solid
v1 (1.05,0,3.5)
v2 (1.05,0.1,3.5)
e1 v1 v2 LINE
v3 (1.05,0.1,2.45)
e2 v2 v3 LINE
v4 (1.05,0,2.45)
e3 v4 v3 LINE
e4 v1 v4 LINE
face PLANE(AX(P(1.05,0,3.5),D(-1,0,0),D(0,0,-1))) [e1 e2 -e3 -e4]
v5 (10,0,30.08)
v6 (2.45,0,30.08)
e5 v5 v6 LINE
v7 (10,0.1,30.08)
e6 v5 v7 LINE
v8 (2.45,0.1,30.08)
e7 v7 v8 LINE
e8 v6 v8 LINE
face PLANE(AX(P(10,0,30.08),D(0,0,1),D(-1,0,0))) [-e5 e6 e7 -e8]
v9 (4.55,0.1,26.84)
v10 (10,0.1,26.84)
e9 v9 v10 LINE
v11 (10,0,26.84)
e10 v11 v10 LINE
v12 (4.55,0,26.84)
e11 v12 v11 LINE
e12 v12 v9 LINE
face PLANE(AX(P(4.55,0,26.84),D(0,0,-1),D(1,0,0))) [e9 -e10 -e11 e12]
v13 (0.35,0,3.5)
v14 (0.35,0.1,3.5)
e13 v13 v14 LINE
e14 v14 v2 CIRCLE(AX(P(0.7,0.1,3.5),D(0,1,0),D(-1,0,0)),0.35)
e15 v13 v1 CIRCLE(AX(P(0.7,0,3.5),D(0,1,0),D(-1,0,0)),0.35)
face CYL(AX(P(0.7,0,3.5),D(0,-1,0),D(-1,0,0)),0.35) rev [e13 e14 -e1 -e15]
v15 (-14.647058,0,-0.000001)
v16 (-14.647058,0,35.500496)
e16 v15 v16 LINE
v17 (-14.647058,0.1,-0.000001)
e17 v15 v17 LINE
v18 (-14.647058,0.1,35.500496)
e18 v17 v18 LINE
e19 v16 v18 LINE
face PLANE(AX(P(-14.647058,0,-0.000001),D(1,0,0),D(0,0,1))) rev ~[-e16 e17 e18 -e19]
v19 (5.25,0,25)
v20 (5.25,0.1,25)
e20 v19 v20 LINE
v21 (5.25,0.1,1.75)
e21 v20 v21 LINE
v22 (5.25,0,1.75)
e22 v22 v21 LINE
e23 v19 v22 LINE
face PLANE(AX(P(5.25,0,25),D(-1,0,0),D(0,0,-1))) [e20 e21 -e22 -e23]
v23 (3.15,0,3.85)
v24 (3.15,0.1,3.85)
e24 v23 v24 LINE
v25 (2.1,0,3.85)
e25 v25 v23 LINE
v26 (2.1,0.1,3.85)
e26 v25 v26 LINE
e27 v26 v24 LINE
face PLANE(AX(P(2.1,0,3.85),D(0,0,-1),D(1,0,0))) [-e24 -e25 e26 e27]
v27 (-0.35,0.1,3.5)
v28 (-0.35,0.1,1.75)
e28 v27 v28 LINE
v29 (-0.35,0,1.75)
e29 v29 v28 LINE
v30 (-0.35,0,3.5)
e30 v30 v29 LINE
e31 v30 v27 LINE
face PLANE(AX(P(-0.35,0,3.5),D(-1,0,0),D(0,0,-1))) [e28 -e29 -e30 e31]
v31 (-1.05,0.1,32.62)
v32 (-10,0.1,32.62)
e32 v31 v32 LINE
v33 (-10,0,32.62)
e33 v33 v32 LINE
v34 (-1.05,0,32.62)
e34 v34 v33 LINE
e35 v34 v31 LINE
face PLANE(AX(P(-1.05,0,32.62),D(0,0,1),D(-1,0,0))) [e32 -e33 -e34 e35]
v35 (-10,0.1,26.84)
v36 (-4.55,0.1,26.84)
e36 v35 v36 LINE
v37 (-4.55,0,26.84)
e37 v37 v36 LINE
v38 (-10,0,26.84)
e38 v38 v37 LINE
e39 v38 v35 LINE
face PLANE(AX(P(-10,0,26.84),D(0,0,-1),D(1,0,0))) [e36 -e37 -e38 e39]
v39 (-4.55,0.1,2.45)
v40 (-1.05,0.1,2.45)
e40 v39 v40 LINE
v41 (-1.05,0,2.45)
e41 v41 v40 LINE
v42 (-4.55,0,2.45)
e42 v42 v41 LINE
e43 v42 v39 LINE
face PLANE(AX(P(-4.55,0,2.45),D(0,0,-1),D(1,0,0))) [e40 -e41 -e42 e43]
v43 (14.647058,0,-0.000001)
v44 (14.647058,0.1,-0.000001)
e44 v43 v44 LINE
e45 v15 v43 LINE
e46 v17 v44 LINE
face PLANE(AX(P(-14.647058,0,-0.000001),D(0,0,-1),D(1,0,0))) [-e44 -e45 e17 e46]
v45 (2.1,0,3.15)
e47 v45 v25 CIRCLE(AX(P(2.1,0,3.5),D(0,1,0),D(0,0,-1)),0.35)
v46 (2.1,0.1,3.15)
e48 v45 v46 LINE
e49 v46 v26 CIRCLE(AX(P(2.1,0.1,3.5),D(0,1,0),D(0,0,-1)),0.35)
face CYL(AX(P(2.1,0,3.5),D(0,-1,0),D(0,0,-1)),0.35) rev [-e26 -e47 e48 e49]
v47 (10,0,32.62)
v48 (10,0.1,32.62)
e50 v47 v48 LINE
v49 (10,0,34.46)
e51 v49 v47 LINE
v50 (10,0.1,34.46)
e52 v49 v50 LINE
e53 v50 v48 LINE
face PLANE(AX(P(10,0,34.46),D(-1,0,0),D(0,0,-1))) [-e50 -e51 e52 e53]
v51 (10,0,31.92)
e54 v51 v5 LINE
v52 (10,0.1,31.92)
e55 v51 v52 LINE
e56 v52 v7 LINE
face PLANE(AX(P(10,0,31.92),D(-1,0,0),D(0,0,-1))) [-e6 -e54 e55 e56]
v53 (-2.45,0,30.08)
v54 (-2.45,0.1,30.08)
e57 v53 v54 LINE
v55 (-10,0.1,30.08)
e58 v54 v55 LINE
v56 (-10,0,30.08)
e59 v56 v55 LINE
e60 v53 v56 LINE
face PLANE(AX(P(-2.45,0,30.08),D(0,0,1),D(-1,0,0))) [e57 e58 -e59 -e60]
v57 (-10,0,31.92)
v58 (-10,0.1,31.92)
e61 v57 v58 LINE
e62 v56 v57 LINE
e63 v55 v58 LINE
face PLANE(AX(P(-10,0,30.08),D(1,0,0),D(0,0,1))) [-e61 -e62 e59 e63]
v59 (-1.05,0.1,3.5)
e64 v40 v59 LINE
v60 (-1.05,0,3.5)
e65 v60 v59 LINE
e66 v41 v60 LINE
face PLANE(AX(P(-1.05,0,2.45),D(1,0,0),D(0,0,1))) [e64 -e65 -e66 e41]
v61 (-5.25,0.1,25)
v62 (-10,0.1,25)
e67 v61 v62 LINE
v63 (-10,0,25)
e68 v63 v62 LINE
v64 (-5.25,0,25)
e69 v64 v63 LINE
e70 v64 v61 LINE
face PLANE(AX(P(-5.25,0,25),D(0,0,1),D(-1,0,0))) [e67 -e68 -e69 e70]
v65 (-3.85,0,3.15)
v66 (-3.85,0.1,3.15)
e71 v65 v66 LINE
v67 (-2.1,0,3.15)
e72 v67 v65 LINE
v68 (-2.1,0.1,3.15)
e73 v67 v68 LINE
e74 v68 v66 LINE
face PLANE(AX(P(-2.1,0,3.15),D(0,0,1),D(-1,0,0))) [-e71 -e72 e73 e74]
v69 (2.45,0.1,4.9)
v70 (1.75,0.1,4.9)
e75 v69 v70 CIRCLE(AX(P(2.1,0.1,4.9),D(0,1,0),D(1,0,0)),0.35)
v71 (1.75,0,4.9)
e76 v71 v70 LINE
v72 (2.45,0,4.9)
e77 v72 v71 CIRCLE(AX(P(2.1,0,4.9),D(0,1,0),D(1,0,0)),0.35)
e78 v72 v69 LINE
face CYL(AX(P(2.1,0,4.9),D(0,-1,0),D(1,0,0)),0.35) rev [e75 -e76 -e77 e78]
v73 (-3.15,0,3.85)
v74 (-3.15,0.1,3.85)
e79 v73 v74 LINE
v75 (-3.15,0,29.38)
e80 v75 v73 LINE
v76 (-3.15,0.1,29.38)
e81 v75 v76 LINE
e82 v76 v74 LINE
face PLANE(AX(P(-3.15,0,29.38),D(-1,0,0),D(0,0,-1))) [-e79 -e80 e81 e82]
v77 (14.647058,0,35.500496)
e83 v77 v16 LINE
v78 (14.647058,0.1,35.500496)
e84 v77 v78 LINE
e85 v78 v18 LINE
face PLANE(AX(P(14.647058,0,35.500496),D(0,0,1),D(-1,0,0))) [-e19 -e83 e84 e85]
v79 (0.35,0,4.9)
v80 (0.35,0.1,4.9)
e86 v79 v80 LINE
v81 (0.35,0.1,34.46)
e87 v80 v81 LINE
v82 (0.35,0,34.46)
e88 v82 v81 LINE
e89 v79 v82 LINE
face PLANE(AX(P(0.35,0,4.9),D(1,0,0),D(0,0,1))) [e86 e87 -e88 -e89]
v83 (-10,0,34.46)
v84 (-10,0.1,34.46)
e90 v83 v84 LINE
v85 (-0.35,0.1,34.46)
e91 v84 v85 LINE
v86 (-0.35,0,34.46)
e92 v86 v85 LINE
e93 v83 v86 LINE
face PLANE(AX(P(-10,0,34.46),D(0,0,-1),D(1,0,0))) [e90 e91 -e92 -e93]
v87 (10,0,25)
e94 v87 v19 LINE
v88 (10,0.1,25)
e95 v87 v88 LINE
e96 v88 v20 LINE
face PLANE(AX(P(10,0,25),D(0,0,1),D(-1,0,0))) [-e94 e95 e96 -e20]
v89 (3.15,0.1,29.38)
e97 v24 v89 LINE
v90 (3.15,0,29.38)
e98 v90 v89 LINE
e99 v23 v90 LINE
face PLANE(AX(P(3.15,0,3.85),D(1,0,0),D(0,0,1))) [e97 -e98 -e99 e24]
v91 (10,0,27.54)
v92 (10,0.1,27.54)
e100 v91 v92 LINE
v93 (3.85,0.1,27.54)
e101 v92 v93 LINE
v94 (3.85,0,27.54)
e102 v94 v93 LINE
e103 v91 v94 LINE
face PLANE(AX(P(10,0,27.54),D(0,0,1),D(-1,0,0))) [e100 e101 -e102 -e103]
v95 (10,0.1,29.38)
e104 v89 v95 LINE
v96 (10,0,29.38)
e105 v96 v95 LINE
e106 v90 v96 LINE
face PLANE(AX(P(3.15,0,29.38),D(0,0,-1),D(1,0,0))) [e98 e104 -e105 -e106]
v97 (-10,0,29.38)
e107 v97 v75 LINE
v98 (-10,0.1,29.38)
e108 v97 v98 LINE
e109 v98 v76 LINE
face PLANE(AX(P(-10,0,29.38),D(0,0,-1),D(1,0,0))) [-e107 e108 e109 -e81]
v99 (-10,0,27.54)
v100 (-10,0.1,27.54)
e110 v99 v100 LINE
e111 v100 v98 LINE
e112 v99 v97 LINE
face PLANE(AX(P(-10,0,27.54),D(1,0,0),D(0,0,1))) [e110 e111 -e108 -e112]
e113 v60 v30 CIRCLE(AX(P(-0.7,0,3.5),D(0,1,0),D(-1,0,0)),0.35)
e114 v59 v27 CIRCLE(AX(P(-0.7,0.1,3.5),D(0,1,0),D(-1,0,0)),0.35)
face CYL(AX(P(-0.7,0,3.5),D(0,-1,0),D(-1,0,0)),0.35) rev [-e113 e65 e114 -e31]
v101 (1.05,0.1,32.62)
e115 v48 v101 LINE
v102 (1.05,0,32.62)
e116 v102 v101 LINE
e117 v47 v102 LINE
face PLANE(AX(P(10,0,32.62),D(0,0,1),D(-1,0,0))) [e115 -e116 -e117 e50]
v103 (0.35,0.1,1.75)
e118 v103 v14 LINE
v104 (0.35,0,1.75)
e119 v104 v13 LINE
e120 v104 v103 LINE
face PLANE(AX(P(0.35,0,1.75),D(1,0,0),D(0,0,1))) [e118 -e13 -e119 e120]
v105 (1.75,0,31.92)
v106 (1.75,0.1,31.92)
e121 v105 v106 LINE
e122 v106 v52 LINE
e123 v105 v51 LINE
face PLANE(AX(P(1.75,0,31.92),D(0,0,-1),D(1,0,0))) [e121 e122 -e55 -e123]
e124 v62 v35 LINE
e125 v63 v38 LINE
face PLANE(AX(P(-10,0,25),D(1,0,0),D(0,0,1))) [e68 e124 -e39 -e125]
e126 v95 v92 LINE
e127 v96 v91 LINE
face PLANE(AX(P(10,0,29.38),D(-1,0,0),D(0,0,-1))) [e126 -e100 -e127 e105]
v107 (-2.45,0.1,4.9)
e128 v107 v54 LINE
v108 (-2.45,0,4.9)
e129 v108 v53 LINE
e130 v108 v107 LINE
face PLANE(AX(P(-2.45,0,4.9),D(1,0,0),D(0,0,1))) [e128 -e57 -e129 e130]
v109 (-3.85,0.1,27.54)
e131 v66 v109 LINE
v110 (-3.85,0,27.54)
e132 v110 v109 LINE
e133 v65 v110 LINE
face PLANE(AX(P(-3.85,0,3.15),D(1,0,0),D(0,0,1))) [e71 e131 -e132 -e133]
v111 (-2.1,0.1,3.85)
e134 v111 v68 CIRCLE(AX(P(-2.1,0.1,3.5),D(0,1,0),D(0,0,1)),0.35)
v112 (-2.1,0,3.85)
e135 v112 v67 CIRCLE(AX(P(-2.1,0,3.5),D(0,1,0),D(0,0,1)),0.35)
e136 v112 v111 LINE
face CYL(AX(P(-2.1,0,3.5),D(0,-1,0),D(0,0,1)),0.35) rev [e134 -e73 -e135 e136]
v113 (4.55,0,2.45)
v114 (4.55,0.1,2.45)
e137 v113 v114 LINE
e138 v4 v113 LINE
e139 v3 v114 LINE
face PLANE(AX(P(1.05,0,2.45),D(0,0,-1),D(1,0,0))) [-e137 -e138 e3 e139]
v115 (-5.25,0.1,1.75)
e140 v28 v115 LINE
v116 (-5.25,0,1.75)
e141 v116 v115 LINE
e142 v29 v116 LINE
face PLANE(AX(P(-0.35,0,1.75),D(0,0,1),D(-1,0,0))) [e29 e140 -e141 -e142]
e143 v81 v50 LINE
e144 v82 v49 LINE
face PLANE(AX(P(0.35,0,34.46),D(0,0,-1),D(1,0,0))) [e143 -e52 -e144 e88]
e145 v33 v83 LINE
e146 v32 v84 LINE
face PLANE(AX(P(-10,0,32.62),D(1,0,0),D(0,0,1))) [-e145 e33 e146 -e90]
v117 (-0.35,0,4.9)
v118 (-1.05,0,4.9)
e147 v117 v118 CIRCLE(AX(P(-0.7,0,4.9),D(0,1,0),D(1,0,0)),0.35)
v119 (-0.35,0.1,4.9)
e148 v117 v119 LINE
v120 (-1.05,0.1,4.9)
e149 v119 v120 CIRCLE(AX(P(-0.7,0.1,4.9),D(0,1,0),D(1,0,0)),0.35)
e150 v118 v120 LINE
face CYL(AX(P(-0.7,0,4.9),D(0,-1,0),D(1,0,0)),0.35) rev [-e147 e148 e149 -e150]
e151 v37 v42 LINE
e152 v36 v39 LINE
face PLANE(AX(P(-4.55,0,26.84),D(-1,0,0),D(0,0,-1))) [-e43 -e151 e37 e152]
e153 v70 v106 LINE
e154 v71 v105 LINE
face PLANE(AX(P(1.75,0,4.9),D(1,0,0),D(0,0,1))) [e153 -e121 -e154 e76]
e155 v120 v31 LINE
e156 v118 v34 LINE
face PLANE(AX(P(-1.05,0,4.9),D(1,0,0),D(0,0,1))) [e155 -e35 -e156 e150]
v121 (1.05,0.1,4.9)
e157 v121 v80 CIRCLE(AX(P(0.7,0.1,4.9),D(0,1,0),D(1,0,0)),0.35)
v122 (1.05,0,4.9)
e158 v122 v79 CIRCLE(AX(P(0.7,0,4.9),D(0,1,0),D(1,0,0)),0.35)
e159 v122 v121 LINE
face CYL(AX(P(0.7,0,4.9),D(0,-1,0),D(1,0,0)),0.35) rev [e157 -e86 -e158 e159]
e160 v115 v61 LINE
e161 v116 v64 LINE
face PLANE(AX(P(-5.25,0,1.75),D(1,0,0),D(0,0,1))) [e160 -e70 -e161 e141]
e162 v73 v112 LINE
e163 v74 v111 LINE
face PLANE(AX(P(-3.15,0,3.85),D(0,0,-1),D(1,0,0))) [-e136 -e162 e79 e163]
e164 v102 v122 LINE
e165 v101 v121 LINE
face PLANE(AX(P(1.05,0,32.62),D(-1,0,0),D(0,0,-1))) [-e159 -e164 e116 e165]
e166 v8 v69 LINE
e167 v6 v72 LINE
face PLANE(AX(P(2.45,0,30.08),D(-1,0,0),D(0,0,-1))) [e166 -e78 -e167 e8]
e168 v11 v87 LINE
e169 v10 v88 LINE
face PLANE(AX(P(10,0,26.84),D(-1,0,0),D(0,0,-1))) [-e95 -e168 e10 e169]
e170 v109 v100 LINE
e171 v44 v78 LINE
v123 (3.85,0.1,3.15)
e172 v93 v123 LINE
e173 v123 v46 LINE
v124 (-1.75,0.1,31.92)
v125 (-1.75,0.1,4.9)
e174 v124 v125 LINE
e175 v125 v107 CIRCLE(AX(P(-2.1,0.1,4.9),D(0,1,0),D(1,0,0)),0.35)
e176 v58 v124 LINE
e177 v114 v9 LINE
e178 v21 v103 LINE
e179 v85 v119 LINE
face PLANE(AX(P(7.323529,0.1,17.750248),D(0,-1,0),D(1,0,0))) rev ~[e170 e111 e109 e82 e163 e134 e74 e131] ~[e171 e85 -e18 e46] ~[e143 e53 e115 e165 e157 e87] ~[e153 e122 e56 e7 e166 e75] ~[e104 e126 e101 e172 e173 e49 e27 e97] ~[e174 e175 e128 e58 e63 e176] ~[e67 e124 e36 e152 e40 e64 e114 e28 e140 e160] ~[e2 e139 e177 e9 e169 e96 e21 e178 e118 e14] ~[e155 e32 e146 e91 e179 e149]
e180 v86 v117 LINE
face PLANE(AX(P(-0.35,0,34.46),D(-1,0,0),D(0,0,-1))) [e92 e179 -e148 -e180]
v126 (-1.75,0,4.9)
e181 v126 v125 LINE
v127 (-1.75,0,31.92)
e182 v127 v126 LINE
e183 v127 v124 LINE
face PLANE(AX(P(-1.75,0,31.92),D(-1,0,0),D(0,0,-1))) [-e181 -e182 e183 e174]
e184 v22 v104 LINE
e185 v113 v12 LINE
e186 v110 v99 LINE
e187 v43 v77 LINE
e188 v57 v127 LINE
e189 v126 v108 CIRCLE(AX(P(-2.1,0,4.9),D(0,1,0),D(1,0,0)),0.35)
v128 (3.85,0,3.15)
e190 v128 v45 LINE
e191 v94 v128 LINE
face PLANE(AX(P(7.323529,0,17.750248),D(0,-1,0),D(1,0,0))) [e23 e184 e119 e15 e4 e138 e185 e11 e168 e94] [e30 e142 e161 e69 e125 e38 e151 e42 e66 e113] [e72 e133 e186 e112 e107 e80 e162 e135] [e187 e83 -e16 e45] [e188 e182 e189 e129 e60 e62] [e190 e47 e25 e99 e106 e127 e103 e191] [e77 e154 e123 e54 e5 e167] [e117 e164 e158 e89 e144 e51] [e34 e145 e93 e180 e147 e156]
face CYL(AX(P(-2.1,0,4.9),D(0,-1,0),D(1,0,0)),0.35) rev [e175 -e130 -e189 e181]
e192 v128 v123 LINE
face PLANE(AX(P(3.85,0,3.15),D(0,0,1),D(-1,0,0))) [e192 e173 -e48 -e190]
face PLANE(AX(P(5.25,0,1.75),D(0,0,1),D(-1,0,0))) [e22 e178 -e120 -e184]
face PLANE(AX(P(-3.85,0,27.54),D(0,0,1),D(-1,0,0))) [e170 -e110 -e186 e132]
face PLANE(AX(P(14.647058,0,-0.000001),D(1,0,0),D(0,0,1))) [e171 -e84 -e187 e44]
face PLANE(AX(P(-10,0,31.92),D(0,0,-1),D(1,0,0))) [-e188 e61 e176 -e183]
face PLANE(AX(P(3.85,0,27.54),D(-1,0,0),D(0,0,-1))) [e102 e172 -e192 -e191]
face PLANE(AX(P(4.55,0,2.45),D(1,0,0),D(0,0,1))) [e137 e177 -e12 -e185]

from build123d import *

# Parameters (mm, degrees)
F0_W     = 14.647059
F0_H     = 35.500497
F1_DEPTH = 0.1
F2_DEPTH = 0.1


with BuildPart() as f1:
    # F0 (on Front) → F1 (new body)
    with BuildSketch(Plane.XZ):
        with Locations((7.323529, 17.750248)):
            Rectangle(F0_W, F0_H)
        with BuildLine():
            ThreePointArc((0.35, 3.5), (0.7, 3.85), (1.05, 3.5))
            Line((1.05, 3.5), (1.05, 2.45))
            Line((1.05, 2.45), (4.55, 2.45))
            Line((4.55, 2.45), (4.55, 25))
            Line((4.55, 25), (4.55, 26.84))
            Line((4.55, 26.84), (10, 26.84))
            Line((10, 26.84), (10, 25))
            Line((10, 25), (5.25, 25))
            Line((5.25, 25), (5.25, 2.45))
            Line((5.25, 2.45), (5.25, 1.75))
            Line((5.25, 1.75), (0.35, 1.75))
            Line((0.35, 1.75), (0.35, 2.45))
            Line((0.35, 2.45), (0.35, 3.5))
        make_face(mode=Mode.SUBTRACT)
        with BuildLine():
            ThreePointArc((2.1, 3.15), (1.75, 3.5), (2.1, 3.85))
            Line((2.1, 3.85), (3.15, 3.85))
            Line((3.15, 3.85), (3.15, 27.54))
            Line((3.15, 27.54), (3.15, 29.38))
            Line((3.15, 29.38), (10, 29.38))
            Line((10, 29.38), (10, 27.54))
            Line((10, 27.54), (3.85, 27.54))
            Line((3.85, 27.54), (3.85, 3.85))
            Line((3.85, 3.85), (3.85, 3.15))
            Line((3.85, 3.15), (2.1, 3.15))
        make_face(mode=Mode.SUBTRACT)
        with BuildLine():
            ThreePointArc((1.05, 4.9), (0.7, 4.55), (0.35, 4.9))
            Line((0.35, 4.9), (0.35, 32.62))
            Line((0.35, 32.62), (0.35, 34.46))
            Line((0.35, 34.46), (10, 34.46))
            Line((10, 34.46), (10, 32.62))
            Line((10, 32.62), (1.05, 32.62))
            Line((1.05, 32.62), (1.05, 4.9))
        make_face(mode=Mode.SUBTRACT)
        with BuildLine():
            ThreePointArc((2.45, 4.9), (2.1, 4.55), (1.75, 4.9))
            Line((1.75, 4.9), (1.75, 30.08))
            Line((1.75, 30.08), (1.75, 31.92))
            Line((1.75, 31.92), (10, 31.92))
            Line((10, 31.92), (10, 30.08))
            Line((10, 30.08), (2.45, 30.08))
            Line((2.45, 30.08), (2.45, 4.9))
        make_face(mode=Mode.SUBTRACT)
        with Locations((-7.323529, 17.750248)):
            Rectangle(F0_W, F0_H)
        with BuildLine():
            Line((-1.05, 2.45), (-1.05, 3.5))
            ThreePointArc((-1.05, 3.5), (-0.7, 3.85), (-0.35, 3.5))
            Line((-0.35, 3.5), (-0.35, 2.45))
            Line((-0.35, 2.45), (-0.35, 1.75))
            Line((-0.35, 1.75), (-5.25, 1.75))
            Line((-5.25, 1.75), (-5.25, 2.45))
            Line((-5.25, 2.45), (-5.25, 25))
            Line((-5.25, 25), (-10, 25))
            Line((-10, 25), (-10, 26.84))
            Line((-10, 26.84), (-4.55, 26.84))
            Line((-4.55, 26.84), (-4.55, 25))
            Line((-4.55, 25), (-4.55, 2.45))
            Line((-4.55, 2.45), (-1.05, 2.45))
        make_face(mode=Mode.SUBTRACT)
        with BuildLine():
            Line((-3.15, 3.85), (-2.1, 3.85))
            ThreePointArc((-2.1, 3.85), (-1.75, 3.5), (-2.1, 3.15))
            Line((-2.1, 3.15), (-3.85, 3.15))
            Line((-3.85, 3.15), (-3.85, 3.85))
            Line((-3.85, 3.85), (-3.85, 27.54))
            Line((-3.85, 27.54), (-10, 27.54))
            Line((-10, 27.54), (-10, 29.38))
            Line((-10, 29.38), (-3.15, 29.38))
            Line((-3.15, 29.38), (-3.15, 27.54))
            Line((-3.15, 27.54), (-3.15, 3.85))
        make_face(mode=Mode.SUBTRACT)
        with BuildLine():
            Line((-1.75, 30.08), (-1.75, 4.9))
            ThreePointArc((-1.75, 4.9), (-2.1, 4.55), (-2.45, 4.9))
            Line((-2.45, 4.9), (-2.45, 30.08))
            Line((-2.45, 30.08), (-10, 30.08))
            Line((-10, 30.08), (-10, 31.92))
            Line((-10, 31.92), (-1.75, 31.92))
            Line((-1.75, 31.92), (-1.75, 30.08))
        make_face(mode=Mode.SUBTRACT)
        with BuildLine():
            Line((-0.35, 32.62), (-0.35, 4.9))
            ThreePointArc((-0.35, 4.9), (-0.7, 4.55), (-1.05, 4.9))
            Line((-1.05, 4.9), (-1.05, 32.62))
            Line((-1.05, 32.62), (-10, 32.62))
            Line((-10, 32.62), (-10, 34.46))
            Line((-10, 34.46), (-0.35, 34.46))
            Line((-0.35, 34.46), (-0.35, 32.62))
        make_face(mode=Mode.SUBTRACT)
    extrude(amount=-F1_DEPTH)

    # F0 (on Front) → F2 (cut)
    with BuildSketch(Plane.XZ):
        with Locations((7.323529, 17.750248)):
            Rectangle(F0_W, F0_H)
        with BuildLine():
            ThreePointArc((0.35, 3.5), (0.7, 3.85), (1.05, 3.5))
            Line((1.05, 3.5), (1.05, 2.45))
            Line((1.05, 2.45), (4.55, 2.45))
            Line((4.55, 2.45), (4.55, 25))
            Line((4.55, 25), (4.55, 26.84))
            Line((4.55, 26.84), (10, 26.84))
            Line((10, 26.84), (10, 25))
            Line((10, 25), (5.25, 25))
            Line((5.25, 25), (5.25, 2.45))
            Line((5.25, 2.45), (5.25, 1.75))
            Line((5.25, 1.75), (0.35, 1.75))
            Line((0.35, 1.75), (0.35, 2.45))
            Line((0.35, 2.45), (0.35, 3.5))
        make_face(mode=Mode.SUBTRACT)
        with BuildLine():
            ThreePointArc((2.1, 3.15), (1.75, 3.5), (2.1, 3.85))
            Line((2.1, 3.85), (3.15, 3.85))
            Line((3.15, 3.85), (3.15, 27.54))
            Line((3.15, 27.54), (3.15, 29.38))
            Line((3.15, 29.38), (10, 29.38))
            Line((10, 29.38), (10, 27.54))
            Line((10, 27.54), (3.85, 27.54))
            Line((3.85, 27.54), (3.85, 3.85))
            Line((3.85, 3.85), (3.85, 3.15))
            Line((3.85, 3.15), (2.1, 3.15))
        make_face(mode=Mode.SUBTRACT)
        with BuildLine():
            ThreePointArc((1.05, 4.9), (0.7, 4.55), (0.35, 4.9))
            Line((0.35, 4.9), (0.35, 32.62))
            Line((0.35, 32.62), (0.35, 34.46))
            Line((0.35, 34.46), (10, 34.46))
            Line((10, 34.46), (10, 32.62))
            Line((10, 32.62), (1.05, 32.62))
            Line((1.05, 32.62), (1.05, 4.9))
        make_face(mode=Mode.SUBTRACT)
        with BuildLine():
            ThreePointArc((2.45, 4.9), (2.1, 4.55), (1.75, 4.9))
            Line((1.75, 4.9), (1.75, 30.08))
            Line((1.75, 30.08), (1.75, 31.92))
            Line((1.75, 31.92), (10, 31.92))
            Line((10, 31.92), (10, 30.08))
            Line((10, 30.08), (2.45, 30.08))
            Line((2.45, 30.08), (2.45, 4.9))
        make_face(mode=Mode.SUBTRACT)
        with Locations((-7.323529, 17.750248)):
            Rectangle(F0_W, F0_H)
        with BuildLine():
            Line((-1.05, 2.45), (-1.05, 3.5))
            ThreePointArc((-1.05, 3.5), (-0.7, 3.85), (-0.35, 3.5))
            Line((-0.35, 3.5), (-0.35, 2.45))
            Line((-0.35, 2.45), (-0.35, 1.75))
            Line((-0.35, 1.75), (-5.25, 1.75))
            Line((-5.25, 1.75), (-5.25, 2.45))
            Line((-5.25, 2.45), (-5.25, 25))
            Line((-5.25, 25), (-10, 25))
            Line((-10, 25), (-10, 26.84))
            Line((-10, 26.84), (-4.55, 26.84))
            Line((-4.55, 26.84), (-4.55, 25))
            Line((-4.55, 25), (-4.55, 2.45))
            Line((-4.55, 2.45), (-1.05, 2.45))
        make_face(mode=Mode.SUBTRACT)
        with BuildLine():
            Line((-3.15, 3.85), (-2.1, 3.85))
            ThreePointArc((-2.1, 3.85), (-1.75, 3.5), (-2.1, 3.15))
            Line((-2.1, 3.15), (-3.85, 3.15))
            Line((-3.85, 3.15), (-3.85, 3.85))
            Line((-3.85, 3.85), (-3.85, 27.54))
            Line((-3.85, 27.54), (-10, 27.54))
            Line((-10, 27.54), (-10, 29.38))
            Line((-10, 29.38), (-3.15, 29.38))
            Line((-3.15, 29.38), (-3.15, 27.54))
            Line((-3.15, 27.54), (-3.15, 3.85))
        make_face(mode=Mode.SUBTRACT)
        with BuildLine():
            Line((-1.75, 30.08), (-1.75, 4.9))
            ThreePointArc((-1.75, 4.9), (-2.1, 4.55), (-2.45, 4.9))
            Line((-2.45, 4.9), (-2.45, 30.08))
            Line((-2.45, 30.08), (-10, 30.08))
            Line((-10, 30.08), (-10, 31.92))
            Line((-10, 31.92), (-1.75, 31.92))
            Line((-1.75, 31.92), (-1.75, 30.08))
        make_face(mode=Mode.SUBTRACT)
        with BuildLine():
            Line((-0.35, 32.62), (-0.35, 4.9))
            ThreePointArc((-0.35, 4.9), (-0.7, 4.55), (-1.05, 4.9))
            Line((-1.05, 4.9), (-1.05, 32.62))
            Line((-1.05, 32.62), (-10, 32.62))
            Line((-10, 32.62), (-10, 34.46))
            Line((-10, 34.46), (-0.35, 34.46))
            Line((-0.35, 34.46), (-0.35, 32.62))
        make_face(mode=Mode.SUBTRACT)
    extrude(amount=F2_DEPTH, mode=Mode.SUBTRACT)


solid = f1.part
